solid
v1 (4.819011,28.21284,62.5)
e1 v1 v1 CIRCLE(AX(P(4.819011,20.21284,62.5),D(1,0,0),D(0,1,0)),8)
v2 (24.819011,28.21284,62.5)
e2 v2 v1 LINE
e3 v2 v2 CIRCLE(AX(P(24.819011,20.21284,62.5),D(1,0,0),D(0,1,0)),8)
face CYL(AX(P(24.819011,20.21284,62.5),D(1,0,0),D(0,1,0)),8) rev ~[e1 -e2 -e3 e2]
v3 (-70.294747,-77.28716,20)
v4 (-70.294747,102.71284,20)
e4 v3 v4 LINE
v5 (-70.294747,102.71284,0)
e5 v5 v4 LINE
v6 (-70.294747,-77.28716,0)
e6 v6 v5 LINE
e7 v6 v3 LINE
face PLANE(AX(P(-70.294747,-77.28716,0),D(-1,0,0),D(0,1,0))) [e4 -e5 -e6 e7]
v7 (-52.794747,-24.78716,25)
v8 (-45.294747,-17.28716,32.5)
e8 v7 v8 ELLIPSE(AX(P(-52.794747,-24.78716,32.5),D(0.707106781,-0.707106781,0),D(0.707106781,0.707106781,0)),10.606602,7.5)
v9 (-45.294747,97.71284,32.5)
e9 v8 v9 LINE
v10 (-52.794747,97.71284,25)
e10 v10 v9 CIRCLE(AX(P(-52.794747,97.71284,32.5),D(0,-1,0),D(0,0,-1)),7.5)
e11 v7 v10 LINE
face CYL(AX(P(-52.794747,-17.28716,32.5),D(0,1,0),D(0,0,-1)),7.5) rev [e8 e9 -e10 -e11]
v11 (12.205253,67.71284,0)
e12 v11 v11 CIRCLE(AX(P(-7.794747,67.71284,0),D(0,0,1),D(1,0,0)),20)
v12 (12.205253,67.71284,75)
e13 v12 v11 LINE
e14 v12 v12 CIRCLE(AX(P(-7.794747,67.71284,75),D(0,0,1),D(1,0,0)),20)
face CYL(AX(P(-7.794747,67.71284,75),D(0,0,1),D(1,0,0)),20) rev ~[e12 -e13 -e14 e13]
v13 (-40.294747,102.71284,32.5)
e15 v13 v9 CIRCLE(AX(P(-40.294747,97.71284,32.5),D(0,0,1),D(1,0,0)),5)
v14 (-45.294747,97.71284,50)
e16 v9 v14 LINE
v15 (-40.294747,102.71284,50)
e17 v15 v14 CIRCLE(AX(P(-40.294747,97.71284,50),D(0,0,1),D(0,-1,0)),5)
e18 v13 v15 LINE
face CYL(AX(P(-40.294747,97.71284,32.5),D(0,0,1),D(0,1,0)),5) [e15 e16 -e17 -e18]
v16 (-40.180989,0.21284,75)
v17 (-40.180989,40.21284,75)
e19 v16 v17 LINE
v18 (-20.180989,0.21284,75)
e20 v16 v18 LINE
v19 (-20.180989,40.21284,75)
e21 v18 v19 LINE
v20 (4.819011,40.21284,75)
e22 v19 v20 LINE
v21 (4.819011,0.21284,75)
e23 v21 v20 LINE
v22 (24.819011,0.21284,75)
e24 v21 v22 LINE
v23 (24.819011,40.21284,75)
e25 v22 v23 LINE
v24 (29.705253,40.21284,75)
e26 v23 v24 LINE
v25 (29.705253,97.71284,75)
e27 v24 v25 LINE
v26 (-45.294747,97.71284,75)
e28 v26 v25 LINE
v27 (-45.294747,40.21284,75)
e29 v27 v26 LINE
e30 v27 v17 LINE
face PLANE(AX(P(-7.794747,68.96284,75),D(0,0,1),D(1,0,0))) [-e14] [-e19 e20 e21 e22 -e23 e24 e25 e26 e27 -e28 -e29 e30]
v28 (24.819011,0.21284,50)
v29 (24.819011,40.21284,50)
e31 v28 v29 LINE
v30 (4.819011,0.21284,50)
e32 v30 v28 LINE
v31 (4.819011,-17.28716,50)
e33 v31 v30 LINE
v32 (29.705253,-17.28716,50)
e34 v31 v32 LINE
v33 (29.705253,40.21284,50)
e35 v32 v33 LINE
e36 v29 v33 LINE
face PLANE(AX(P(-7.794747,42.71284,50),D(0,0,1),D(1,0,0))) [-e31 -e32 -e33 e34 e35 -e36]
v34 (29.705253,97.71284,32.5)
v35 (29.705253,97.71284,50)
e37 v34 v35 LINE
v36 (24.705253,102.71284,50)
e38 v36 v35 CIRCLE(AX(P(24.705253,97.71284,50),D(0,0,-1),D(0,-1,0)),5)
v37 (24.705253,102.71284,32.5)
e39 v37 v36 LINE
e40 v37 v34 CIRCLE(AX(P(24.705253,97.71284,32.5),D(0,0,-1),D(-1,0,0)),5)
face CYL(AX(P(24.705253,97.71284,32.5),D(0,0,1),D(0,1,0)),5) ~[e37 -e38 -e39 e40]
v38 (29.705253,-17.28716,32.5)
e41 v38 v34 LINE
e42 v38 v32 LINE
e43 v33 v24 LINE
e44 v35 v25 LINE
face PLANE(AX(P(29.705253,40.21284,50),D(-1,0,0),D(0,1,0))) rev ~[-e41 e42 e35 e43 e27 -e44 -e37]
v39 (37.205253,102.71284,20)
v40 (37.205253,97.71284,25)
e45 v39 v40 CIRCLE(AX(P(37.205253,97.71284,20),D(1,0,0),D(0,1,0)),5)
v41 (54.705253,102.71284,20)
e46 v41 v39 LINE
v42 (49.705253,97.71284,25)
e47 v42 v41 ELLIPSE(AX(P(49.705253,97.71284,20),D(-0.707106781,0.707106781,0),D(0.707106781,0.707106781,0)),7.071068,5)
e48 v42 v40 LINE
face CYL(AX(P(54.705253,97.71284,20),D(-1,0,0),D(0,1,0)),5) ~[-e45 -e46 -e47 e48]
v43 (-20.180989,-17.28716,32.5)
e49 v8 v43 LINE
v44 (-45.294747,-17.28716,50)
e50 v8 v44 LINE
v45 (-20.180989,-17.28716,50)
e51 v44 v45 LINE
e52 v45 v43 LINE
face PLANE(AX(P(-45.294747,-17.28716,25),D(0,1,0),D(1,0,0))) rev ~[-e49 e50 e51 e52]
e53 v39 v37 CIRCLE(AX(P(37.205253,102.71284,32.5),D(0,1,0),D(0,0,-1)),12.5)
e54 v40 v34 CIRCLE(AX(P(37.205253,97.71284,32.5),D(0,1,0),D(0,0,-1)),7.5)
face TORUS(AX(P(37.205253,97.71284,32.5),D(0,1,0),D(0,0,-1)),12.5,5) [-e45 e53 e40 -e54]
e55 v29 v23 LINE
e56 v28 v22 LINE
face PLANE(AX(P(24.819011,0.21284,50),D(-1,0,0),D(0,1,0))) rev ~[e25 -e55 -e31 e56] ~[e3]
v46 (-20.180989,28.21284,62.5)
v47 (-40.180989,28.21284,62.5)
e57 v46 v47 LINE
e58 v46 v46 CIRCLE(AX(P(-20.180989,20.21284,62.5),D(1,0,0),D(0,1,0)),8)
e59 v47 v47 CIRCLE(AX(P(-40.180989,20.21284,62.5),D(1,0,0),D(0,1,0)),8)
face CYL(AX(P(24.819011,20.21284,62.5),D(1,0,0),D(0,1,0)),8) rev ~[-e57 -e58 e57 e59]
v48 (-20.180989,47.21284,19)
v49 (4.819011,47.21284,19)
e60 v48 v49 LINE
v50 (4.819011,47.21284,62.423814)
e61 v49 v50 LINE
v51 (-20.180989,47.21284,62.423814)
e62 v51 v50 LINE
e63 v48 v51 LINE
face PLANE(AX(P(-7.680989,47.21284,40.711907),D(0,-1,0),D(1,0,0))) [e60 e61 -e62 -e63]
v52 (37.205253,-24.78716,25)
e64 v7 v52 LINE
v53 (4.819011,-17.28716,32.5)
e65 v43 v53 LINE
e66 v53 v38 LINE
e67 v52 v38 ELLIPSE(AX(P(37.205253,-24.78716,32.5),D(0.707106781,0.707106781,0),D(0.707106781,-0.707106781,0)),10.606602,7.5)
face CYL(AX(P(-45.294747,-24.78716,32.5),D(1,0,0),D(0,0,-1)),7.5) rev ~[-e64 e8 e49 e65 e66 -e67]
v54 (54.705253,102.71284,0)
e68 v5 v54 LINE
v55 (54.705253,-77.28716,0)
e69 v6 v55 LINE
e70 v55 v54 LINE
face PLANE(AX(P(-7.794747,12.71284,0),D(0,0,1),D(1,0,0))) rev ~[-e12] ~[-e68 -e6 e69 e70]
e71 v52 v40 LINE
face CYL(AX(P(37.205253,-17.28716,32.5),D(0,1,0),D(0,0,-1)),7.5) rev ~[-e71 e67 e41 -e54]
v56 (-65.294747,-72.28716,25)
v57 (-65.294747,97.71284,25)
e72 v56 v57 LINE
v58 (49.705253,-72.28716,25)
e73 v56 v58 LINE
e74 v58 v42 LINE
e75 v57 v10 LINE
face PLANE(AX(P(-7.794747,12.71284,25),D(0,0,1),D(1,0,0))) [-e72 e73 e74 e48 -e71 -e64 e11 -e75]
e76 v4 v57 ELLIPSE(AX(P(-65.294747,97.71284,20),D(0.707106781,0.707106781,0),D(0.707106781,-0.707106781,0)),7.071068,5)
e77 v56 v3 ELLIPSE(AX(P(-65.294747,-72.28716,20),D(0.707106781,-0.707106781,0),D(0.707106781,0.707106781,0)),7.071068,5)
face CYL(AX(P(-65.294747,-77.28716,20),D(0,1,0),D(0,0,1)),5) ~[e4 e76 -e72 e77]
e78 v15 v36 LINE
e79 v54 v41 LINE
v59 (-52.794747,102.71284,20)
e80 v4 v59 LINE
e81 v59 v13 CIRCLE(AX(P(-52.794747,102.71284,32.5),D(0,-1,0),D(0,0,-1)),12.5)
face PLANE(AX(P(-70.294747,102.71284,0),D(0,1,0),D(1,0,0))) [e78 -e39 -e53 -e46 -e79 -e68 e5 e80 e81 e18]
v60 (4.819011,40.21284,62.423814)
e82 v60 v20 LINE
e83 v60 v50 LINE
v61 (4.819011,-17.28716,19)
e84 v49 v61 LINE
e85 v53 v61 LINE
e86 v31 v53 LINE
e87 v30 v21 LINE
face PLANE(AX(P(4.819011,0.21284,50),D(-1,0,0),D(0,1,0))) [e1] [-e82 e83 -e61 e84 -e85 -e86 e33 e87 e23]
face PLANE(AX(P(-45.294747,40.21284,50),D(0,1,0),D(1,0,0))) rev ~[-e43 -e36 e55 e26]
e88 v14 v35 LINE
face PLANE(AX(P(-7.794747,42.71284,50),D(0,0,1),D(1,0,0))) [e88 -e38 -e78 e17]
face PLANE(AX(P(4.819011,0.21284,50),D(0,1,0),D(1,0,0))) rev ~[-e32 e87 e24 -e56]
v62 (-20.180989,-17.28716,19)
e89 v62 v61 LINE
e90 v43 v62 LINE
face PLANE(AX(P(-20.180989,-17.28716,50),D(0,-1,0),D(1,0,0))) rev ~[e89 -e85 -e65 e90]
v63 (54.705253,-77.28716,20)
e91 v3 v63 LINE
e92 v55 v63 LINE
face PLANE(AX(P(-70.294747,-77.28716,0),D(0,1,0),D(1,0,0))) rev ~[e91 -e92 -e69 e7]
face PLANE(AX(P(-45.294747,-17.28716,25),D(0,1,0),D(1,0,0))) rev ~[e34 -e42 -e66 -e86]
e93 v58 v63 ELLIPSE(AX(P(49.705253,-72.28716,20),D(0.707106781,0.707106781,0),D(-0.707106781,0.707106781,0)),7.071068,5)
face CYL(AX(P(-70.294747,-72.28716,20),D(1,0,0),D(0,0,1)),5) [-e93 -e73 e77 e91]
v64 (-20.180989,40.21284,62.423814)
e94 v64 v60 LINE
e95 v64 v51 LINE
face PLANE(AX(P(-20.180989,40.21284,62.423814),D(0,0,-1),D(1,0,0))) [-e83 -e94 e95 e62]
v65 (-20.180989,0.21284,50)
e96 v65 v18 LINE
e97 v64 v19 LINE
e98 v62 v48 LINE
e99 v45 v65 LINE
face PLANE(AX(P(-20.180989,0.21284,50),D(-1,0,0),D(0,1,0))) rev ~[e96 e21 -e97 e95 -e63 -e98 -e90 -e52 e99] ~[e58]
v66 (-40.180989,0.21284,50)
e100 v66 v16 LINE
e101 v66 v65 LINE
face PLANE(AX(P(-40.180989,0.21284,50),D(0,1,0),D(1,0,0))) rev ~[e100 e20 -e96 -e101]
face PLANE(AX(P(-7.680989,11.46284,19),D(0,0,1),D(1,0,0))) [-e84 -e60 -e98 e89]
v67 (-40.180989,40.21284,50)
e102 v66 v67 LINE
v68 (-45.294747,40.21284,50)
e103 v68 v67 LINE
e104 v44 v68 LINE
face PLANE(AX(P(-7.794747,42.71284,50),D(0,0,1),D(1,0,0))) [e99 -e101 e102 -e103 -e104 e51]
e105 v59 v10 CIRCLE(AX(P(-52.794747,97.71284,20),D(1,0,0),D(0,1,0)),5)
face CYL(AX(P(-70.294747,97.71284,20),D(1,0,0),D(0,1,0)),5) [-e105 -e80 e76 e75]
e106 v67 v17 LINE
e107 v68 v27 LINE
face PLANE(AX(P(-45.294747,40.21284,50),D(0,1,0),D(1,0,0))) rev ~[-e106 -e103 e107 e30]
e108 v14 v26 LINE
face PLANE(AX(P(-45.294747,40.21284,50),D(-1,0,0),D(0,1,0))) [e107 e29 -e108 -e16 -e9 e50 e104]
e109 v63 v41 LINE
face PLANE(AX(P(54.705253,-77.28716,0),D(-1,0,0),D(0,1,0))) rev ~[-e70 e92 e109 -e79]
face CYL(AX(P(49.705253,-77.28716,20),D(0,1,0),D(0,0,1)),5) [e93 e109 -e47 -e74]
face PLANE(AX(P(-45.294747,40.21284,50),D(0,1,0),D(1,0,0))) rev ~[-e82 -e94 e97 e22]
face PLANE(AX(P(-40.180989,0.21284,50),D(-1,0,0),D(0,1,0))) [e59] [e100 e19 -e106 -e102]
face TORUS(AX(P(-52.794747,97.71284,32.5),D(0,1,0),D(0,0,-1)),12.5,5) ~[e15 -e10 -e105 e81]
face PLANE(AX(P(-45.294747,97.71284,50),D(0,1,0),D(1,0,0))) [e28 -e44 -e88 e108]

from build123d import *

# Parameters (mm, degrees)
SKETCH1_W           = 125
SKETCH1_H           = 180
BASE_EXTRUDE_DEPTH  = 25
SKETCH2_W           = 75
SKETCH2_H           = 120
BOSS_EXTRUDE1_DEPTH = 25
FILLET2_R           = 7.5
FILLET4_R           = 5
SKETCH4_W           = 75
SKETCH4_H           = 57.5
BOSS_EXTRUDE2_DEPTH = 25
SKETCH7_R           = 20
CUT_EXTRUDE2_DEPTH  = 105
SKETCH8_W           = 20
SKETCH8_H           = 40
BOSS_EXTRUDE4_DEPTH = 25
SKETCH9_R           = 8
CUT_EXTRUDE3_DEPTH  = 89
SKETCH10_W          = 25
SKETCH10_H          = 57.5
CUT_EXTRUDE4_DEPTH  = 31
SKETCH12_W          = 25
SKETCH12_H          = 43.423813554
CUT_EXTRUDE6_DEPTH  = 7


with BuildPart() as part:
    # Sketch1 → Base-Extrude (new body)
    with BuildSketch(Plane.XY):
        with Locations((-7.794747082, 12.712840467)):
            Rectangle(SKETCH1_W, SKETCH1_H)
    extrude(amount=BASE_EXTRUDE_DEPTH)

    # Sketch2 → Boss-Extrude1 (add)
    with BuildSketch(Plane.XY.offset(25)):
        with Locations((-7.794747082, 42.712840467)):
            Rectangle(SKETCH2_W, SKETCH2_H)
    extrude(amount=BOSS_EXTRUDE1_DEPTH)

    # Fillet2
    fillet2_edges = [part.edges().sort_by_distance(p)[0] for p in [
        (-45.294747082, 42.712840467, 25),
        (-7.794747082, -17.287159533, 25),
        (29.705252918, 42.712840467, 25),
    ]]
    fillet(fillet2_edges, radius=FILLET2_R)

    # Fillet4
    fillet4_edges = [part.edges().sort_by_distance(p)[0] for p in [
        (54.705252918, 12.712840467, 25),
        (-61.544747082, 102.712840467, 25),
        (-45.294747082, 102.712840467, 41.25),
        (29.705252918, 102.712840467, 41.25),
        (31.901952059, 102.712840467, 27.196699141),
        (-47.491446223, 102.712840467, 27.196699141),
        (-70.294747082, 12.712840467, 25),
        (-7.794747082, -77.287159533, 25),
    ]]
    fillet(fillet4_edges, radius=FILLET4_R)

    # Sketch4 → Boss-Extrude2 (add)
    with BuildSketch(Plane.XY.offset(50)):
        with Locations((-7.794747082, 68.962840467)):
            Rectangle(SKETCH4_W, SKETCH4_H)
    extrude(amount=BOSS_EXTRUDE2_DEPTH)

    # Sketch7 → Cut-Extrude2 (cut)
    with BuildSketch(Plane.XY.offset(75)):
        with Locations((-7.794747082, 67.712840467)):
            Circle(SKETCH7_R)
    extrude(amount=-CUT_EXTRUDE2_DEPTH, mode=Mode.SUBTRACT)

    # Sketch8 → Boss-Extrude4 (add)
    with BuildSketch(Plane.XY.offset(50)):
        with Locations((-30.180989309, 20.212840467)):
            Rectangle(SKETCH8_W, SKETCH8_H)
        with Locations((14.819010691, 20.212840467)):
            Rectangle(SKETCH8_W, SKETCH8_H)
    extrude(amount=BOSS_EXTRUDE4_DEPTH)

    # Sketch9 → Cut-Extrude3 (cut)
    with BuildSketch(Plane(origin=(24.819010691, 0, 0), x_dir=(0, 0, -1), z_dir=(1, 0, 0))):
        with Locations(Location((-62.5, 20.212840467, 0), (0, 0, 90))):
            Circle(SKETCH9_R)
    extrude(amount=-CUT_EXTRUDE3_DEPTH, mode=Mode.SUBTRACT)

    # Sketch10 → Cut-Extrude4 (cut)
    with BuildSketch(Plane.XY.offset(50)):
        with Locations((-7.680989309, 11.462840467)):
            Rectangle(SKETCH10_W, SKETCH10_H)
    extrude(amount=-CUT_EXTRUDE4_DEPTH, mode=Mode.SUBTRACT)

    # Sketch12 → Cut-Extrude6 (cut)
    with BuildSketch(Plane.XZ.offset(-40.212840467)):
        with Locations((-7.680989309, 40.711906777)):
            Rectangle(SKETCH12_W, SKETCH12_H)
    extrude(amount=-CUT_EXTRUDE6_DEPTH, mode=Mode.SUBTRACT)


solid = part.part
